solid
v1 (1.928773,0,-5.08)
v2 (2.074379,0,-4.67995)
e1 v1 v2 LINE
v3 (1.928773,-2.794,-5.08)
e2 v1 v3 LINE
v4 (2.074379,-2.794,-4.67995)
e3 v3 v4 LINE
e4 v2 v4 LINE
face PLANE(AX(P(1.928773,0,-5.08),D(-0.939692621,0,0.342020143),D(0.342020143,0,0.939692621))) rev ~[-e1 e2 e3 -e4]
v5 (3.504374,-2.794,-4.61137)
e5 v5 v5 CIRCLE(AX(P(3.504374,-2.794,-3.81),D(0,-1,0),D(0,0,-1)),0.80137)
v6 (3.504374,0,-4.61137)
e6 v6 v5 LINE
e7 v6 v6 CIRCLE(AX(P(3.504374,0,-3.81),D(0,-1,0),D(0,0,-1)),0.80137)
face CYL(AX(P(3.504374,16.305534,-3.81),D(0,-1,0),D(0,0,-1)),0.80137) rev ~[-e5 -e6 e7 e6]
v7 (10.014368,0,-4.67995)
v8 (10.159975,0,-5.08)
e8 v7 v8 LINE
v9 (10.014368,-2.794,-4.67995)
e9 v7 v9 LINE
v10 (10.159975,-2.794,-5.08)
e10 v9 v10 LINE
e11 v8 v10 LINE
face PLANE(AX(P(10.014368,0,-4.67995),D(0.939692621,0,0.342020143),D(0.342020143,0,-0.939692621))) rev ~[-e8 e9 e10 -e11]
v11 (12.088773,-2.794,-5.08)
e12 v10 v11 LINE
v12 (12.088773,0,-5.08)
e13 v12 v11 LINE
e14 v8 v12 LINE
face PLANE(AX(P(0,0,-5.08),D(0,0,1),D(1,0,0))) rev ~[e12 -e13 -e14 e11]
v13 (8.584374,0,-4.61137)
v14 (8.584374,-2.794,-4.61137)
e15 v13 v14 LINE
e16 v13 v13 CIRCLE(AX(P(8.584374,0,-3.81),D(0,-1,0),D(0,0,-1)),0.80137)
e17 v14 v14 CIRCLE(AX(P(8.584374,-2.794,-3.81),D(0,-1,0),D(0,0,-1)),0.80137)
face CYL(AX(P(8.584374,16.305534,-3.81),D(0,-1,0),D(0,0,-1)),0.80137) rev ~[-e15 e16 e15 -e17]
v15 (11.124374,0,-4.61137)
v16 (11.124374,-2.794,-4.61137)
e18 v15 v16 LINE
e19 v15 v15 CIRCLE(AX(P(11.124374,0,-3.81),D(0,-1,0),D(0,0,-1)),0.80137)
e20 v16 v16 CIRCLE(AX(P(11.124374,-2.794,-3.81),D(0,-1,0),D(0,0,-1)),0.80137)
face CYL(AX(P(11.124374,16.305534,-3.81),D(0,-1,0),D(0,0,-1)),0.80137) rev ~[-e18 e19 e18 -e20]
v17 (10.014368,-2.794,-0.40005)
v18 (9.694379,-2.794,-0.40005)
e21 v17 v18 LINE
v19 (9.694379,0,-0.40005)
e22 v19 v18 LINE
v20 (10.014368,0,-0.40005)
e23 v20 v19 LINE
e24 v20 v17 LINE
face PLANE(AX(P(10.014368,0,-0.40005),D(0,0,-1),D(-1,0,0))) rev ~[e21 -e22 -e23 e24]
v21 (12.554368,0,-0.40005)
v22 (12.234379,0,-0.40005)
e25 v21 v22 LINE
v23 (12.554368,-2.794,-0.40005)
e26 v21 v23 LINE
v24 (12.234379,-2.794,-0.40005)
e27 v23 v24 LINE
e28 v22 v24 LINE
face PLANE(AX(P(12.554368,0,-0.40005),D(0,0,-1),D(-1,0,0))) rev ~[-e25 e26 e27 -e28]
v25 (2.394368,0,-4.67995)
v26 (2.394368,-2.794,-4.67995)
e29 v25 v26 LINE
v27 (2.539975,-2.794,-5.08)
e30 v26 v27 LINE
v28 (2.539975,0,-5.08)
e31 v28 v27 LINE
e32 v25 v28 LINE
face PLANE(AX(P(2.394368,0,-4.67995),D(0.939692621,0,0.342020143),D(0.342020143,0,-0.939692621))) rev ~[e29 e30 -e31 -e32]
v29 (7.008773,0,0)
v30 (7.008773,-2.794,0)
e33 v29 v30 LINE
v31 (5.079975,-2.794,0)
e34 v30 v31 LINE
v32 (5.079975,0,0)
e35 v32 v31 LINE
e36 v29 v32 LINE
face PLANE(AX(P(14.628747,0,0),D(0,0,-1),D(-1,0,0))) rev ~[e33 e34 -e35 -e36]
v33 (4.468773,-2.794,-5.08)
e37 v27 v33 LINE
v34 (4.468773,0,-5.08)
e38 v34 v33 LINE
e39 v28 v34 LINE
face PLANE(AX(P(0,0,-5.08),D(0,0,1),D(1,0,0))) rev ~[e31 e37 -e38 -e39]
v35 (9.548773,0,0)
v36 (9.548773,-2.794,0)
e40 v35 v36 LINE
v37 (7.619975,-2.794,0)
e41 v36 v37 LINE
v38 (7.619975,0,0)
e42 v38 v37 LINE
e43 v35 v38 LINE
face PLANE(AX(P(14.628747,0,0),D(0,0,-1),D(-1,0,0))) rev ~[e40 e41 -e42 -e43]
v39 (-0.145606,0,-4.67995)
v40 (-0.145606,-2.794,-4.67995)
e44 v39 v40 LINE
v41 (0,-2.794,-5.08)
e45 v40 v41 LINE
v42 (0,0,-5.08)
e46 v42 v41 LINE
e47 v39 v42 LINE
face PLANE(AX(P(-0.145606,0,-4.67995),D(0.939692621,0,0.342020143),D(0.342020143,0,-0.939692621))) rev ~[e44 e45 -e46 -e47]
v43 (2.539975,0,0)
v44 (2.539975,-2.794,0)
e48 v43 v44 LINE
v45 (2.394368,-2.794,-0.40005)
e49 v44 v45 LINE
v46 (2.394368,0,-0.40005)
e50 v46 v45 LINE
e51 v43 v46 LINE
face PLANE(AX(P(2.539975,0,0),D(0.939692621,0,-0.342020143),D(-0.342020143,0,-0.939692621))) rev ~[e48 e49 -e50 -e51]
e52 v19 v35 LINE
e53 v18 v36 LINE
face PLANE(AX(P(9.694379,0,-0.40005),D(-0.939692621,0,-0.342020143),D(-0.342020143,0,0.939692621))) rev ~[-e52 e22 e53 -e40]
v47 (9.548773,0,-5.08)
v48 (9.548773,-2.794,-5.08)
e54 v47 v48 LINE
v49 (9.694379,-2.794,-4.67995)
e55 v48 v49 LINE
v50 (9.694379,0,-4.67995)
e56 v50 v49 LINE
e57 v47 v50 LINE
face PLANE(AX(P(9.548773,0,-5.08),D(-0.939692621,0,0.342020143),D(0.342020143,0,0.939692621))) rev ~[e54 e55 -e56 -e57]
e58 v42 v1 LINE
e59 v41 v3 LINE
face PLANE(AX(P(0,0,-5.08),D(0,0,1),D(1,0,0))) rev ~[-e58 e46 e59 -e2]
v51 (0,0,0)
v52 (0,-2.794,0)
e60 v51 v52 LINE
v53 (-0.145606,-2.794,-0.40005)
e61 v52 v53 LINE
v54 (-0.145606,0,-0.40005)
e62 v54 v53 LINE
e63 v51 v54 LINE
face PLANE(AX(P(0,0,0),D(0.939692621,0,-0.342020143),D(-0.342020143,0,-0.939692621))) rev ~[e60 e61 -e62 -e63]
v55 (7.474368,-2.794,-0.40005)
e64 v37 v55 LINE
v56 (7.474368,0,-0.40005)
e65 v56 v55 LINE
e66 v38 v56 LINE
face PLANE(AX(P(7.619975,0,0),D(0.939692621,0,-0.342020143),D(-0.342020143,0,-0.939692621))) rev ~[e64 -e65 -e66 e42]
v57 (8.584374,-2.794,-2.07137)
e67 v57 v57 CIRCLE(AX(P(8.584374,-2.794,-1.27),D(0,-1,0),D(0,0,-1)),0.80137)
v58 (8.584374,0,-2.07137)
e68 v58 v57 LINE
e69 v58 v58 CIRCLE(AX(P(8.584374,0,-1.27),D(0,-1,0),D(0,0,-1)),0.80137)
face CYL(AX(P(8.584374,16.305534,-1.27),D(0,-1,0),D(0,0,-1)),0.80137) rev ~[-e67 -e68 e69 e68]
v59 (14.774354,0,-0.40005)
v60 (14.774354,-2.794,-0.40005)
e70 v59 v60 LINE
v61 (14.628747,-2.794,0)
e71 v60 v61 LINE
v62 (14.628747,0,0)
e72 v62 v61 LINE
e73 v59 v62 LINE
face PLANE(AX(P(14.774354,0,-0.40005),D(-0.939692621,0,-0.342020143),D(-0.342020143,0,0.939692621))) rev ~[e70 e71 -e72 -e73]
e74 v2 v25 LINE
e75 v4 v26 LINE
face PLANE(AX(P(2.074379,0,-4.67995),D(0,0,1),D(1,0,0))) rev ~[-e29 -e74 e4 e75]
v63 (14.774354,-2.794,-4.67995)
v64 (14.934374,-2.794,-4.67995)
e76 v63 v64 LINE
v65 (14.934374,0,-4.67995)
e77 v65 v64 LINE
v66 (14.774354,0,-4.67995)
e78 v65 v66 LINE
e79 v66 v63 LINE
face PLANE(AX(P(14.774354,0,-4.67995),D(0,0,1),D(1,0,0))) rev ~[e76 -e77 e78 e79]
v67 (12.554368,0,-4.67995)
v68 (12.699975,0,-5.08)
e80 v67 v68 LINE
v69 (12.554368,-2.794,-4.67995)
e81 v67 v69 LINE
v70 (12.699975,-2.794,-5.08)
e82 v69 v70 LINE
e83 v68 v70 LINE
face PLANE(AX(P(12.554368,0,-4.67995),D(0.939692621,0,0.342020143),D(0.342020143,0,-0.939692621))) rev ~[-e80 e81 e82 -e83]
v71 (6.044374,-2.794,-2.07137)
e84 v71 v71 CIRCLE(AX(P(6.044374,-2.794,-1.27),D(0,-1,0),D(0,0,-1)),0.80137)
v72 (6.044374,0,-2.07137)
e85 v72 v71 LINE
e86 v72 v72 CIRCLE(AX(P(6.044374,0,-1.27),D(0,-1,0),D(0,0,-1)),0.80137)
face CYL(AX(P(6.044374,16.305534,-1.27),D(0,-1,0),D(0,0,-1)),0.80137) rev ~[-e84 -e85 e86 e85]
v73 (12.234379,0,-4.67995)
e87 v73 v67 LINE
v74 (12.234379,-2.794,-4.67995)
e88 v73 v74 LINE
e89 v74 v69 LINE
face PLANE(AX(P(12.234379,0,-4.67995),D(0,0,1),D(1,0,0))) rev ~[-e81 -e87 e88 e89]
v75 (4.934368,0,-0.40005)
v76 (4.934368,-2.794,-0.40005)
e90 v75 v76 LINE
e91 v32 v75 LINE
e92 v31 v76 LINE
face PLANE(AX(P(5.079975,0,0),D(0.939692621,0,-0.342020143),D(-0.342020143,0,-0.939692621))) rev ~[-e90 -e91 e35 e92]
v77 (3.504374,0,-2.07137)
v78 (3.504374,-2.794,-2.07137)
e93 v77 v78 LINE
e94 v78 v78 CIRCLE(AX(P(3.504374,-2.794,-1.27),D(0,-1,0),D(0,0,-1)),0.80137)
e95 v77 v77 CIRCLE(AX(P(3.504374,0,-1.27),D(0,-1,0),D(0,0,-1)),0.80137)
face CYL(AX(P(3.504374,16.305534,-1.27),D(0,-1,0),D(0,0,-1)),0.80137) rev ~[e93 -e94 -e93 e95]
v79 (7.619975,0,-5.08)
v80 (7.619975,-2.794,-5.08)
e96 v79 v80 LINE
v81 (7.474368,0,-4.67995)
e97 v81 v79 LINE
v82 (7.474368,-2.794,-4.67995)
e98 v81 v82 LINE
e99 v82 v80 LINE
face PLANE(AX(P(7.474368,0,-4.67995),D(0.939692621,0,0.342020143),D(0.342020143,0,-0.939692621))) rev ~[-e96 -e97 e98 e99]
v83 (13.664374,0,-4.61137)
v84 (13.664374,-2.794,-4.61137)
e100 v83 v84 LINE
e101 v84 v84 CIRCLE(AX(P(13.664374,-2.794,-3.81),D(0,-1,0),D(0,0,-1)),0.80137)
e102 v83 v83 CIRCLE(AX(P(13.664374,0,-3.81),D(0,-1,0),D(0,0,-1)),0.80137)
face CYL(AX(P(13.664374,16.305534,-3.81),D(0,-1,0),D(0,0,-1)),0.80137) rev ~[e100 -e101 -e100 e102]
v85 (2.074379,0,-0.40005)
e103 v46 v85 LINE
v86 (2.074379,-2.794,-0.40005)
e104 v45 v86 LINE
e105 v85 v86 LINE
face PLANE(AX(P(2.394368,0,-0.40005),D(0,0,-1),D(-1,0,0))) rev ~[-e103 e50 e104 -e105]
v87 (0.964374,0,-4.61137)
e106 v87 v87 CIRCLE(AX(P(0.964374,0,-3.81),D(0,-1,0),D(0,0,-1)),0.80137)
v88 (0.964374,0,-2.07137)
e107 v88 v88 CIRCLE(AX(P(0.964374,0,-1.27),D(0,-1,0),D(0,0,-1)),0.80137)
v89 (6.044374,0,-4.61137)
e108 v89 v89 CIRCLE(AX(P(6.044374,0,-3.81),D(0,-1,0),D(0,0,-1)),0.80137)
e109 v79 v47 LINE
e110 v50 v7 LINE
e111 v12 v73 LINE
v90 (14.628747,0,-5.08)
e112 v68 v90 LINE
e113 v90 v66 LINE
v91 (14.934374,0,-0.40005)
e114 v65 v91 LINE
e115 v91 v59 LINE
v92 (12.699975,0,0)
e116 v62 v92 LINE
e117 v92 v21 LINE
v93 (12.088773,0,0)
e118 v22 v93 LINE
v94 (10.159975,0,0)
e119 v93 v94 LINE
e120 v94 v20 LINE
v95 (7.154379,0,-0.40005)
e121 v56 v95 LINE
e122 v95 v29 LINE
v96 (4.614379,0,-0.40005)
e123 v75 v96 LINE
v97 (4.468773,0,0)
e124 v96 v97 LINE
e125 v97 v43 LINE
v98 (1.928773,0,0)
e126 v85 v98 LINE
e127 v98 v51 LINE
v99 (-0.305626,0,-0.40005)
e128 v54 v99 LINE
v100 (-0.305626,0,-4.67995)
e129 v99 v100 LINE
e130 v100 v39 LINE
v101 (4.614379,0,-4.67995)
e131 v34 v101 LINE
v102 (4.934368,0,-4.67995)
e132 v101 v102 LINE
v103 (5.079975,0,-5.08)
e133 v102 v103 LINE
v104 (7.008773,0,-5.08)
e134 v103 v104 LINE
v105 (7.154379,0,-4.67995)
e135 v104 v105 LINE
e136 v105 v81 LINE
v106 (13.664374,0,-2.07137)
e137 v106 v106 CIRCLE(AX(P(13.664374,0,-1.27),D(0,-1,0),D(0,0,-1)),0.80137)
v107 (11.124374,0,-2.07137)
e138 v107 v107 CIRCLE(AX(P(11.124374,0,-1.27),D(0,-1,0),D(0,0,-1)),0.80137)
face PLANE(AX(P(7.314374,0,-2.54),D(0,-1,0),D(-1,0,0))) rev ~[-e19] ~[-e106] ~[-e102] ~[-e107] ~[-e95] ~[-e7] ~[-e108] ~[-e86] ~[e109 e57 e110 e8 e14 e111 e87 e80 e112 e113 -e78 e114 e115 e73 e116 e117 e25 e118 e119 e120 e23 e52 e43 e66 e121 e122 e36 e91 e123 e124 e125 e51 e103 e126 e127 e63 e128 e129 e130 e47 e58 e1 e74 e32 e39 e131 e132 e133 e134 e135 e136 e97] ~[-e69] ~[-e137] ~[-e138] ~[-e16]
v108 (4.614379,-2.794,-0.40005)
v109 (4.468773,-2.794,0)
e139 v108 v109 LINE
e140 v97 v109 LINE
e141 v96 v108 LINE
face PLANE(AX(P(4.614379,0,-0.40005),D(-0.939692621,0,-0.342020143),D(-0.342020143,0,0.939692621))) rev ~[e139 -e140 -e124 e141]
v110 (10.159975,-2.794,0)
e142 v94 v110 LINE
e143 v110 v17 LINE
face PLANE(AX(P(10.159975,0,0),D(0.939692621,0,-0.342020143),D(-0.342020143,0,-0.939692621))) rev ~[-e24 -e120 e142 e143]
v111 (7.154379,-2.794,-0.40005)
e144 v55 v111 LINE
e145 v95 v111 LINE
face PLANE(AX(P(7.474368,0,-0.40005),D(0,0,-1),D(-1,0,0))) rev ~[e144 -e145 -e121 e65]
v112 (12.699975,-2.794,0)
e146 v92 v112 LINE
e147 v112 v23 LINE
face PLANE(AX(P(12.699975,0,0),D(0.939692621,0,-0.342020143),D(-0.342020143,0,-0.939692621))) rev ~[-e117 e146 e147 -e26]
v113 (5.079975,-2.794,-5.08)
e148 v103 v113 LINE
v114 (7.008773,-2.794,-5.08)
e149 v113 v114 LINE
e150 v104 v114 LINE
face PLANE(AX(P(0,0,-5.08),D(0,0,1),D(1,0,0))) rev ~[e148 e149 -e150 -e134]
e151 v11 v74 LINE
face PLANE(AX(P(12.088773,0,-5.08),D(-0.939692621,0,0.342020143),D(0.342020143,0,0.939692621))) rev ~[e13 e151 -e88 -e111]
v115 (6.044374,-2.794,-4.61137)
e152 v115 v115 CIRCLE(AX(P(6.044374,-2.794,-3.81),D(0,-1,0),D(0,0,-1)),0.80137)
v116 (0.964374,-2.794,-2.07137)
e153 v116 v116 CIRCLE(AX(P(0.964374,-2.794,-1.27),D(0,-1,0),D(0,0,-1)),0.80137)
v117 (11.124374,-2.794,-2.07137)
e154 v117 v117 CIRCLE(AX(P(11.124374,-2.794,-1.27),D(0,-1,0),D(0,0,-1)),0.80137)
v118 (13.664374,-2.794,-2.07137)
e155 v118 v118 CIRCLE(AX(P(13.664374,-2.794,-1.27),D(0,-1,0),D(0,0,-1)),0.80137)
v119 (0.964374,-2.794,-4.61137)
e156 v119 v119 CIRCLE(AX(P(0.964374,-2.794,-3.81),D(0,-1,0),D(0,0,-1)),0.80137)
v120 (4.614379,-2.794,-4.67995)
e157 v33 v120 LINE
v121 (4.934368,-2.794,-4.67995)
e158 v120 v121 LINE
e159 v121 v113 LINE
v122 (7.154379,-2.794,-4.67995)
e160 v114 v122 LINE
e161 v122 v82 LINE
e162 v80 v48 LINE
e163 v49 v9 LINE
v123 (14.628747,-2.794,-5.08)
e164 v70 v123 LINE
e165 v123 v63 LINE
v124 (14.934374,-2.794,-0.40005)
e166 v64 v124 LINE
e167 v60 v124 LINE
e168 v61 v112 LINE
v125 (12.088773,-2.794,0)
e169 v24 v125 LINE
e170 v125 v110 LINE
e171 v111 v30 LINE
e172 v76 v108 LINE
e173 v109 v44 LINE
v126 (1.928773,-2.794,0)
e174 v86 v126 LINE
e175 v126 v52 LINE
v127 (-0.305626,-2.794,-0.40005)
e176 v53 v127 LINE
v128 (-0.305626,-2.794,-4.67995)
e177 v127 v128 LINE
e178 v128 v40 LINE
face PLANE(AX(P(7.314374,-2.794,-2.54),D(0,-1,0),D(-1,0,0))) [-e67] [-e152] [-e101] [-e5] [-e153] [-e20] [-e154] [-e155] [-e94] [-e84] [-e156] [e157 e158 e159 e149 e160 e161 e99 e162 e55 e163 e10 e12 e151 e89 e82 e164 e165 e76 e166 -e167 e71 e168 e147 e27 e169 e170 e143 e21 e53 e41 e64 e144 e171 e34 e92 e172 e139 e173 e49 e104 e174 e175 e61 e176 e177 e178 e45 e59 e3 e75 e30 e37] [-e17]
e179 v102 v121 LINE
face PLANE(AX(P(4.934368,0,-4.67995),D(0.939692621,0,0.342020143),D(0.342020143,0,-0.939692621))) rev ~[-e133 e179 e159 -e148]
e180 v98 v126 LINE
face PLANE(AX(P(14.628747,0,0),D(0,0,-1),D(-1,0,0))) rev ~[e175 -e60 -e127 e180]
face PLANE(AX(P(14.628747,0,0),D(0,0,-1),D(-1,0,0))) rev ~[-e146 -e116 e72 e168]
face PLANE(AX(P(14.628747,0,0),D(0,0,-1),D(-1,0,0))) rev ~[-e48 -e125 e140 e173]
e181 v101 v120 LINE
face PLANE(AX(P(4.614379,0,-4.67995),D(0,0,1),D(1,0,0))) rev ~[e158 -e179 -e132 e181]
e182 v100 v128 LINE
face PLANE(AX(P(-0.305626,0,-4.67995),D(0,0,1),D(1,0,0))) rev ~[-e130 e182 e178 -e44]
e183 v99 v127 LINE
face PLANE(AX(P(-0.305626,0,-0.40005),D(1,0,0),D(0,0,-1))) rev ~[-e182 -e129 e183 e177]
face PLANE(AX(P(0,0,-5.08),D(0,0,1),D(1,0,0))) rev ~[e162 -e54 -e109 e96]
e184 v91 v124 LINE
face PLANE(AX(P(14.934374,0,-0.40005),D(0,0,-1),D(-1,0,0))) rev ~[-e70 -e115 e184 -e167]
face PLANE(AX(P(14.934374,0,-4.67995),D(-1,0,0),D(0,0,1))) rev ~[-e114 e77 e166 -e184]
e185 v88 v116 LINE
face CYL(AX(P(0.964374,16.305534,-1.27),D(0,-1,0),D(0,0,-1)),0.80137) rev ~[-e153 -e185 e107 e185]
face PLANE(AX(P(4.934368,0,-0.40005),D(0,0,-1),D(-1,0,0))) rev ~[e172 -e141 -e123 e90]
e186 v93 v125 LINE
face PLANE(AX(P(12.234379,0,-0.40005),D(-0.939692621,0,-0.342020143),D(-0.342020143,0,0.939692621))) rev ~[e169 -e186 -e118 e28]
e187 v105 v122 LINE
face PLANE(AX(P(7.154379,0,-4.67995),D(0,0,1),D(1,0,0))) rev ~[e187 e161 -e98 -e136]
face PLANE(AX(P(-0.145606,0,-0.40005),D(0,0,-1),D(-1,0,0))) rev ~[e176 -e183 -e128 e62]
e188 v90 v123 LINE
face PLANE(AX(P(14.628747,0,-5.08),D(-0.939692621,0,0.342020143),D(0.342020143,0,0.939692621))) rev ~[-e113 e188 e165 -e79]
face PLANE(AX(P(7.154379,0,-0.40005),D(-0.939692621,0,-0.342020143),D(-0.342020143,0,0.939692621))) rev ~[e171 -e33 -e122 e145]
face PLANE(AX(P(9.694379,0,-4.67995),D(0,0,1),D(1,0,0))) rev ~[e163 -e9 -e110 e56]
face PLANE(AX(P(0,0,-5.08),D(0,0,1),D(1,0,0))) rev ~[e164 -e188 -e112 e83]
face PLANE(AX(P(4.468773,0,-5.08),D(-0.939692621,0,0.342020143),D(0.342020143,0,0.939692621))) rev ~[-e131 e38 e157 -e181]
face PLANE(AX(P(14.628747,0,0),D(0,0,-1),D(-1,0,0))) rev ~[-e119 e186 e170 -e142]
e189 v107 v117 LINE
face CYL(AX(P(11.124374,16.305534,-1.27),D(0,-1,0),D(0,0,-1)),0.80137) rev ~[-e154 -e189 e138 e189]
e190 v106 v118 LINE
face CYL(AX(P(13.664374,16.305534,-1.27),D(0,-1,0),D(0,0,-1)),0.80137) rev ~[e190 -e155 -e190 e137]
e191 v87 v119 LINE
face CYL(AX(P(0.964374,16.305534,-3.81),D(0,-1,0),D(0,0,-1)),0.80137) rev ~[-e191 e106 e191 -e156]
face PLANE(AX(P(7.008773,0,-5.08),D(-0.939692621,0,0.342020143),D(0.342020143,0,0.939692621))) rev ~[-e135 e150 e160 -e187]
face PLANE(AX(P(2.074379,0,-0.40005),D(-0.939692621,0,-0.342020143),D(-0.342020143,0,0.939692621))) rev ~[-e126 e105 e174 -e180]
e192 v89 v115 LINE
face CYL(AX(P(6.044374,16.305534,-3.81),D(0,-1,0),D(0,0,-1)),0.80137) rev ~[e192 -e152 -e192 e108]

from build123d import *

# Parameters (mm, degrees)
EXTRUDE1_DEPTH       = 2.794
HOLE1_D              = 1.60274
EXTRUDE2_DEPTH       = 2.794
LPATTERN1_COUNT      = 6
LPATTERN1_PITCH      = 2.54
LPATTERN1_COUNT_DIR2 = 2
LPATTERN1_PITCH_DIR2 = 2.54
LPATTERN2_COUNT      = 35
LPATTERN2_PITCH      = 2.54


with BuildPart() as part:
    # Sketch1 → Extrude1 (new body)
    with BuildSketch(Plane(origin=(0, 0, 0), x_dir=(1, 0, 0), z_dir=(0, 1, 0))):
        Polygon((14.934373708, 0.40005), (14.774353708, 0.40005), (14.628747416, 0), (0, 0), (-0.145606292, 0.40005), (-0.305626292, 0.40005), (-0.305626292, 4.67995), (-0.145606292, 4.67995), (0, 5.08), (14.628747416, 5.08), (14.774353708, 4.67995), (14.934373708, 4.67995), align=None)
    extrude(amount=-EXTRUDE1_DEPTH)

    # Hole1 (through all)
    with Locations(Plane(origin=(0.964373708, 0, -1.27), x_dir=(0, 0, 1), z_dir=(0, 1, 0))):
        with Locations((0, 0)):
            hole1 = Hole(HOLE1_D / 2)

    # Sketch4 → Extrude2 (cut)
    with BuildSketch(Plane(origin=(0, 0, 0), x_dir=(1, 0, 0), z_dir=(0, 1, 0))):
        Polygon((1.928772816, 0), (2.5399746, 0), (2.394368308, 0.40005), (2.074379108, 0.40005), align=None)
        Polygon((2.074379108, 4.67995), (2.394368308, 4.67995), (2.5399746, 5.08), (1.928772816, 5.08), align=None)
    extrude2 = extrude(amount=-EXTRUDE2_DEPTH, mode=Mode.SUBTRACT)

    # LPattern1: Hole1 6 × 2
    with Locations(*[(i * LPATTERN1_PITCH, 0, -j * LPATTERN1_PITCH_DIR2) for i in range(LPATTERN1_COUNT) for j in range(LPATTERN1_COUNT_DIR2) if (i, j) != (0, 0)]):
        add(hole1, mode=Mode.SUBTRACT)

    # LPattern2: Extrude2 ×35
    with Locations(*[(i * LPATTERN2_PITCH, 0, 0) for i in range(1, LPATTERN2_COUNT)]):
        add(extrude2, mode=Mode.SUBTRACT)


solid = part.part
